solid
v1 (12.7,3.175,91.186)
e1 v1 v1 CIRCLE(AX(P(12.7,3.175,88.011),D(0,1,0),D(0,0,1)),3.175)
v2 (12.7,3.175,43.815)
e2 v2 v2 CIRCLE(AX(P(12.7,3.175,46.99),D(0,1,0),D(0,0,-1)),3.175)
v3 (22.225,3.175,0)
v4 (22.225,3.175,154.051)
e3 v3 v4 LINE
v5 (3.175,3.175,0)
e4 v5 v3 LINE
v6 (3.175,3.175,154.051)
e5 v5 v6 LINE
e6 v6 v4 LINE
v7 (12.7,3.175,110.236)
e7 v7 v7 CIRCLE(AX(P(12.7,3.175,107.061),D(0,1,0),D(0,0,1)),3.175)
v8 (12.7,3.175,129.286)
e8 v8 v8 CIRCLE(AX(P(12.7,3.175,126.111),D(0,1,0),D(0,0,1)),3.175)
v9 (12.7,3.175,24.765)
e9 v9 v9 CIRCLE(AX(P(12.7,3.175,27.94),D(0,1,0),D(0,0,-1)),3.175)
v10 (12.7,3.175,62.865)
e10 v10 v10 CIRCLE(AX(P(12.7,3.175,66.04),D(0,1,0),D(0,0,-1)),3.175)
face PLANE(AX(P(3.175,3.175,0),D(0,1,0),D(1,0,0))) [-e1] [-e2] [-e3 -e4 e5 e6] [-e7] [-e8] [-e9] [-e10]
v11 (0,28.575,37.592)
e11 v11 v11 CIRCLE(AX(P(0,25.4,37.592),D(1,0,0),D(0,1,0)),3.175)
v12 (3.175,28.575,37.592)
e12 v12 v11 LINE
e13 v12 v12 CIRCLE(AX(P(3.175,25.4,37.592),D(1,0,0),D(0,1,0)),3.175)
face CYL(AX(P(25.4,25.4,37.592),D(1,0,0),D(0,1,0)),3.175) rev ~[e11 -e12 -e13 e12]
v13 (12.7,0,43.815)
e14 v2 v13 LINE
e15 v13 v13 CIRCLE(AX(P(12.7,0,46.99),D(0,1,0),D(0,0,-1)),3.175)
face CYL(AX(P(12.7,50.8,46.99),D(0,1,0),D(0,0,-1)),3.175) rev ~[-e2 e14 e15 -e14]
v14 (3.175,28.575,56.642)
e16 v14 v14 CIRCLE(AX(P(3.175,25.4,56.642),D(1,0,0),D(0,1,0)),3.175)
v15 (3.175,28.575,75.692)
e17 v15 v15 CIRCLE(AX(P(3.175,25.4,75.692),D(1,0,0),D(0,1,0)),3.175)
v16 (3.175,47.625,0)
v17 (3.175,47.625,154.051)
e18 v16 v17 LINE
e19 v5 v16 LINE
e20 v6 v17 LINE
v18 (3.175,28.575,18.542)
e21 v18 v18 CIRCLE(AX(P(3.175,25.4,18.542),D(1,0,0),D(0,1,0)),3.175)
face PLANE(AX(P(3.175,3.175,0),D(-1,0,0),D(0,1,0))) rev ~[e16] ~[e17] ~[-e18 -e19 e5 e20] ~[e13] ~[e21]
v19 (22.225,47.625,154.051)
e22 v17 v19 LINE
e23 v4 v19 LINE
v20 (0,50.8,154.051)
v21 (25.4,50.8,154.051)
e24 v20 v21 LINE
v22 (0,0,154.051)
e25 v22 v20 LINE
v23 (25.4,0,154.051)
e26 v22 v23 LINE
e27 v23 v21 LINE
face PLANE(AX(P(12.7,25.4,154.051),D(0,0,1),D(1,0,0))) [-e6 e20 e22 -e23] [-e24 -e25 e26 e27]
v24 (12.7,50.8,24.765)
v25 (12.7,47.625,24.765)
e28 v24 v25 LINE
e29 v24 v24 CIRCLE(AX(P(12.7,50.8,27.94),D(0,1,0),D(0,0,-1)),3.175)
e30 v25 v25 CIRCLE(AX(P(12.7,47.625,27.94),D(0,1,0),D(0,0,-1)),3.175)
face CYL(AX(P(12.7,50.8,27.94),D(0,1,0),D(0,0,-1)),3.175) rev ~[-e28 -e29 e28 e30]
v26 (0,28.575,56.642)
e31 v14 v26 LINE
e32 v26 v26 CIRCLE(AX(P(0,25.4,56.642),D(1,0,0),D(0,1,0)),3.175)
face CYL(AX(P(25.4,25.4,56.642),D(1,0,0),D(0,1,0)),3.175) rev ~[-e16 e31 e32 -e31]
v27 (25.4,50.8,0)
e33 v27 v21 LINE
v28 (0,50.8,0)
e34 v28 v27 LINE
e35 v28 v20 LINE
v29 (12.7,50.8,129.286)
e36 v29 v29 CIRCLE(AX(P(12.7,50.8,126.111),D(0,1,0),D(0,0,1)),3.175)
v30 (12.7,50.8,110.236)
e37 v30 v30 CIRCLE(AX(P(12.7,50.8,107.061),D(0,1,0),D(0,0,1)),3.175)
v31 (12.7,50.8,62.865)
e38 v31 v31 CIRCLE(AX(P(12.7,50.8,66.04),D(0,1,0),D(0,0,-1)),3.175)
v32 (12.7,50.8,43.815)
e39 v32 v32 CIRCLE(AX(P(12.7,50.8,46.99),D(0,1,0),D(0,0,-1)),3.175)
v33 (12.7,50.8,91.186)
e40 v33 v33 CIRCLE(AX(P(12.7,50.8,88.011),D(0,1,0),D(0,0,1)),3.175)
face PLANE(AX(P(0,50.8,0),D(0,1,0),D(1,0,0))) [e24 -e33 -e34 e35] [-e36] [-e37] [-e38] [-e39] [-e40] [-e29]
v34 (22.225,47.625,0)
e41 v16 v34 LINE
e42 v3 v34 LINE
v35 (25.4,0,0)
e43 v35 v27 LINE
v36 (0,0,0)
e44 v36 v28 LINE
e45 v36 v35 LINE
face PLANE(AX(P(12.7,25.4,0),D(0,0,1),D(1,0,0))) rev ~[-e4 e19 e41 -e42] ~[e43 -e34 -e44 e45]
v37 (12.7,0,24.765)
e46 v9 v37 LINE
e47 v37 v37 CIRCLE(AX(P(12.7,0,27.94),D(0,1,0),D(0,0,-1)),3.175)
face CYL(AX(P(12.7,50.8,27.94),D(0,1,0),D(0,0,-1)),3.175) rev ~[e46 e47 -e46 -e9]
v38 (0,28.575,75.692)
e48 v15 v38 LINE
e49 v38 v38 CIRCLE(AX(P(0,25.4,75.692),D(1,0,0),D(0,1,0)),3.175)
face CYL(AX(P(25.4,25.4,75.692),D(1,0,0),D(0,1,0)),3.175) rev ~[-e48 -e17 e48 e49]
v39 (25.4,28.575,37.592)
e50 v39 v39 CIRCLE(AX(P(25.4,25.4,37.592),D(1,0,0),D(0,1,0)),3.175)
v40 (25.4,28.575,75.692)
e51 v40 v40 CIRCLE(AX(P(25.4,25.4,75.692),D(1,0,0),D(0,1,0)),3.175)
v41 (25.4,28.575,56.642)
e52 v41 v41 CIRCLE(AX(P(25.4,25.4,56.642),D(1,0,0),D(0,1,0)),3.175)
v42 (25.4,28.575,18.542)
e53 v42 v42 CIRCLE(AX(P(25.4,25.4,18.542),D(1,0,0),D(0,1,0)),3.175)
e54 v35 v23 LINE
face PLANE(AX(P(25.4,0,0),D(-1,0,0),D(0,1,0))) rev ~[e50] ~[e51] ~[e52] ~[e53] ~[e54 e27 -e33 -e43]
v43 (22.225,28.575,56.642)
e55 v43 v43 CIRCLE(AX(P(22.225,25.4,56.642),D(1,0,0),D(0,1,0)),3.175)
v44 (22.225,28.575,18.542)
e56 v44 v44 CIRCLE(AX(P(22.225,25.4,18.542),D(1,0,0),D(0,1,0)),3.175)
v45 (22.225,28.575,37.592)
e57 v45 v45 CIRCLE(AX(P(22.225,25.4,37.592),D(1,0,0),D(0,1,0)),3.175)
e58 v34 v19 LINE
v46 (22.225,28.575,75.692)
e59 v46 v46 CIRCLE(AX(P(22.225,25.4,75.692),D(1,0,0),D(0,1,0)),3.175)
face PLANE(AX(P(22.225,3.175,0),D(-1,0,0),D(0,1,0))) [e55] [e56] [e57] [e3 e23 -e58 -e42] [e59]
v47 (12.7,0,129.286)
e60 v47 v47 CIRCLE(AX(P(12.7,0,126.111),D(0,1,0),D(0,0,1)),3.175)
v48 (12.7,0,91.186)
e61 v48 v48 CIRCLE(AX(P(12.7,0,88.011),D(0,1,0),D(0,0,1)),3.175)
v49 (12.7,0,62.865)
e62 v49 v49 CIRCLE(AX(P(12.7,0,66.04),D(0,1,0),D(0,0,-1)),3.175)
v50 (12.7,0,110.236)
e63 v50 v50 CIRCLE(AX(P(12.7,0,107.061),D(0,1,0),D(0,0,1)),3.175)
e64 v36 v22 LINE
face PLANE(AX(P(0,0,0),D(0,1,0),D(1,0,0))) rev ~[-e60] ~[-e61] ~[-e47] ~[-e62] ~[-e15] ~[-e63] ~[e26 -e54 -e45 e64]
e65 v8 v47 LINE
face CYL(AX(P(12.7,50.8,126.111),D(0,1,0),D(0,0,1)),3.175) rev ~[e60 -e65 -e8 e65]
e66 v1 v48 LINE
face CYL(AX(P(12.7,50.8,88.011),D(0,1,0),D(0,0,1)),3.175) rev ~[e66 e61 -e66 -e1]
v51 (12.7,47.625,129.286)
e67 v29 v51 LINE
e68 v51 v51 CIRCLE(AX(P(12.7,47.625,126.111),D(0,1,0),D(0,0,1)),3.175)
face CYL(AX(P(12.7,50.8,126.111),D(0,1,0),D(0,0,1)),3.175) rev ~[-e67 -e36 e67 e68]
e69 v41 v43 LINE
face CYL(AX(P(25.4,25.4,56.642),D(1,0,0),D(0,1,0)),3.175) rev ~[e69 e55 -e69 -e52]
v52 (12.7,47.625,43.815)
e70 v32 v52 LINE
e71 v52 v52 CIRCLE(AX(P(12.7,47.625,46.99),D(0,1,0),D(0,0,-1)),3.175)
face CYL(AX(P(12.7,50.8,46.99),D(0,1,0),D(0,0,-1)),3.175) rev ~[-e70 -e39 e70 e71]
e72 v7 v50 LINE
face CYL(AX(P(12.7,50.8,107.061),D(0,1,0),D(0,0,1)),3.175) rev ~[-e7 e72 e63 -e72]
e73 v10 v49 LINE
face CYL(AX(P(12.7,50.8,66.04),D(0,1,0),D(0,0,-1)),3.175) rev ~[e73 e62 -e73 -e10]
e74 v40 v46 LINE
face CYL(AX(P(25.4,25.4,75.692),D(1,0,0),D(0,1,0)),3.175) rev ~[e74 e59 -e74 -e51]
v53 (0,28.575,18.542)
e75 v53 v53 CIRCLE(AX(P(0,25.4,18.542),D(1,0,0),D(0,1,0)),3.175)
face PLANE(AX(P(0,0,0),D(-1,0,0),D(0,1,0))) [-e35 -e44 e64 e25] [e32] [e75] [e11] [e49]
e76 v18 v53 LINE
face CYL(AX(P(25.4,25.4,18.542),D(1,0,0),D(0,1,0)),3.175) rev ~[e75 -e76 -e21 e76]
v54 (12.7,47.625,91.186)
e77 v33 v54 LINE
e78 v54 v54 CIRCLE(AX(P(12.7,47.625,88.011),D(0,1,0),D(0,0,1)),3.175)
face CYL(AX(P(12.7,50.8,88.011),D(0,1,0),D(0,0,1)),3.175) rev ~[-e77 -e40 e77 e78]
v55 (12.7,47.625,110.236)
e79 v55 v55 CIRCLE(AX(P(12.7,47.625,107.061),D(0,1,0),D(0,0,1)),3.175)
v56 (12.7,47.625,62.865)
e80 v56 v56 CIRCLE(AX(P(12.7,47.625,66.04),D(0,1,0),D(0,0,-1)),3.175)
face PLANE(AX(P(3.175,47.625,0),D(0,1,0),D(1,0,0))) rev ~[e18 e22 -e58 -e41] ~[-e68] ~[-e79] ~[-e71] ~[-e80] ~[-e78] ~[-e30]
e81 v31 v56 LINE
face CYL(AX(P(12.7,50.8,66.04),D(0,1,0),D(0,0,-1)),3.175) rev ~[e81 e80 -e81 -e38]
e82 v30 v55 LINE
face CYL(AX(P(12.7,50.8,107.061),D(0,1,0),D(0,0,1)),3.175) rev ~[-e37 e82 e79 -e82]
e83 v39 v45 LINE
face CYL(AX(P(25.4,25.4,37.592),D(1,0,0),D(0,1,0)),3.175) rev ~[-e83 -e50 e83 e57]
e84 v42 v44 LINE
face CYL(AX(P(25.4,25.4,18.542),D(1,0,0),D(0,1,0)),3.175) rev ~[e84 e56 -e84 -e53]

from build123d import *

# Parameters (mm, degrees)
SKETCH1_W           = 25.4
SKETCH1_H           = 50.8
SKETCH1_W_2         = 19.05
SKETCH1_H_2         = 44.45
BOSS_EXTRUDE1_DEPTH = 154.051
SKETCH2_R           = 3.175
CUT_EXTRUDE1_DEPTH  = 165.187425222
SKETCH3_R           = 3.175
CUT_EXTRUDE2_DEPTH  = 165.187425222


with BuildPart() as part:
    # Sketch1 → Boss-Extrude1 (new body)
    with BuildSketch(Plane.XY):
        with Locations((12.7, 25.4)):
            Rectangle(SKETCH1_W, SKETCH1_H)
        with Locations((12.7, 25.4)):
            Rectangle(SKETCH1_W_2, SKETCH1_H_2, mode=Mode.SUBTRACT)
    extrude(amount=BOSS_EXTRUDE1_DEPTH)

    # Sketch2 → Cut-Extrude1 (cut, through all)
    with BuildSketch(Plane(origin=(0, 50.8, 0), x_dir=(1, 0, 0), z_dir=(0, 1, 0))):
        with Locations(Location((12.7, -126.111, 0), (0, 0, 270))):
            Circle(SKETCH2_R)
        with Locations(Location((12.7, -107.061, 0), (0, 0, 270))):
            Circle(SKETCH2_R)
        with Locations(Location((12.7, -88.011, 0), (0, 0, 270))):
            Circle(SKETCH2_R)
        with Locations(Location((12.7, -27.94, 0), (0, 0, 90))):
            Circle(SKETCH2_R)
        with Locations(Location((12.7, -46.99, 0), (0, 0, 90))):
            Circle(SKETCH2_R)
        with Locations(Location((12.7, -66.04, 0), (0, 0, 90))):
            Circle(SKETCH2_R)
    extrude(amount=-CUT_EXTRUDE1_DEPTH, mode=Mode.SUBTRACT)

    # Sketch3 → Cut-Extrude2 (cut, through all)
    with BuildSketch(Plane(origin=(25.4, 0, 0), x_dir=(0, 0, -1), z_dir=(1, 0, 0))):
        with Locations(Location((-18.542, 25.4, 0), (0, 0, 90))):
            Circle(SKETCH3_R)
        with Locations(Location((-37.592, 25.4, 0), (0, 0, 90))):
            Circle(SKETCH3_R)
        with Locations(Location((-56.642, 25.4, 0), (0, 0, 90))):
            Circle(SKETCH3_R)
        with Locations(Location((-75.692, 25.4, 0), (0, 0, 90))):
            Circle(SKETCH3_R)
    extrude(amount=-CUT_EXTRUDE2_DEPTH, mode=Mode.SUBTRACT)


solid = part.part
